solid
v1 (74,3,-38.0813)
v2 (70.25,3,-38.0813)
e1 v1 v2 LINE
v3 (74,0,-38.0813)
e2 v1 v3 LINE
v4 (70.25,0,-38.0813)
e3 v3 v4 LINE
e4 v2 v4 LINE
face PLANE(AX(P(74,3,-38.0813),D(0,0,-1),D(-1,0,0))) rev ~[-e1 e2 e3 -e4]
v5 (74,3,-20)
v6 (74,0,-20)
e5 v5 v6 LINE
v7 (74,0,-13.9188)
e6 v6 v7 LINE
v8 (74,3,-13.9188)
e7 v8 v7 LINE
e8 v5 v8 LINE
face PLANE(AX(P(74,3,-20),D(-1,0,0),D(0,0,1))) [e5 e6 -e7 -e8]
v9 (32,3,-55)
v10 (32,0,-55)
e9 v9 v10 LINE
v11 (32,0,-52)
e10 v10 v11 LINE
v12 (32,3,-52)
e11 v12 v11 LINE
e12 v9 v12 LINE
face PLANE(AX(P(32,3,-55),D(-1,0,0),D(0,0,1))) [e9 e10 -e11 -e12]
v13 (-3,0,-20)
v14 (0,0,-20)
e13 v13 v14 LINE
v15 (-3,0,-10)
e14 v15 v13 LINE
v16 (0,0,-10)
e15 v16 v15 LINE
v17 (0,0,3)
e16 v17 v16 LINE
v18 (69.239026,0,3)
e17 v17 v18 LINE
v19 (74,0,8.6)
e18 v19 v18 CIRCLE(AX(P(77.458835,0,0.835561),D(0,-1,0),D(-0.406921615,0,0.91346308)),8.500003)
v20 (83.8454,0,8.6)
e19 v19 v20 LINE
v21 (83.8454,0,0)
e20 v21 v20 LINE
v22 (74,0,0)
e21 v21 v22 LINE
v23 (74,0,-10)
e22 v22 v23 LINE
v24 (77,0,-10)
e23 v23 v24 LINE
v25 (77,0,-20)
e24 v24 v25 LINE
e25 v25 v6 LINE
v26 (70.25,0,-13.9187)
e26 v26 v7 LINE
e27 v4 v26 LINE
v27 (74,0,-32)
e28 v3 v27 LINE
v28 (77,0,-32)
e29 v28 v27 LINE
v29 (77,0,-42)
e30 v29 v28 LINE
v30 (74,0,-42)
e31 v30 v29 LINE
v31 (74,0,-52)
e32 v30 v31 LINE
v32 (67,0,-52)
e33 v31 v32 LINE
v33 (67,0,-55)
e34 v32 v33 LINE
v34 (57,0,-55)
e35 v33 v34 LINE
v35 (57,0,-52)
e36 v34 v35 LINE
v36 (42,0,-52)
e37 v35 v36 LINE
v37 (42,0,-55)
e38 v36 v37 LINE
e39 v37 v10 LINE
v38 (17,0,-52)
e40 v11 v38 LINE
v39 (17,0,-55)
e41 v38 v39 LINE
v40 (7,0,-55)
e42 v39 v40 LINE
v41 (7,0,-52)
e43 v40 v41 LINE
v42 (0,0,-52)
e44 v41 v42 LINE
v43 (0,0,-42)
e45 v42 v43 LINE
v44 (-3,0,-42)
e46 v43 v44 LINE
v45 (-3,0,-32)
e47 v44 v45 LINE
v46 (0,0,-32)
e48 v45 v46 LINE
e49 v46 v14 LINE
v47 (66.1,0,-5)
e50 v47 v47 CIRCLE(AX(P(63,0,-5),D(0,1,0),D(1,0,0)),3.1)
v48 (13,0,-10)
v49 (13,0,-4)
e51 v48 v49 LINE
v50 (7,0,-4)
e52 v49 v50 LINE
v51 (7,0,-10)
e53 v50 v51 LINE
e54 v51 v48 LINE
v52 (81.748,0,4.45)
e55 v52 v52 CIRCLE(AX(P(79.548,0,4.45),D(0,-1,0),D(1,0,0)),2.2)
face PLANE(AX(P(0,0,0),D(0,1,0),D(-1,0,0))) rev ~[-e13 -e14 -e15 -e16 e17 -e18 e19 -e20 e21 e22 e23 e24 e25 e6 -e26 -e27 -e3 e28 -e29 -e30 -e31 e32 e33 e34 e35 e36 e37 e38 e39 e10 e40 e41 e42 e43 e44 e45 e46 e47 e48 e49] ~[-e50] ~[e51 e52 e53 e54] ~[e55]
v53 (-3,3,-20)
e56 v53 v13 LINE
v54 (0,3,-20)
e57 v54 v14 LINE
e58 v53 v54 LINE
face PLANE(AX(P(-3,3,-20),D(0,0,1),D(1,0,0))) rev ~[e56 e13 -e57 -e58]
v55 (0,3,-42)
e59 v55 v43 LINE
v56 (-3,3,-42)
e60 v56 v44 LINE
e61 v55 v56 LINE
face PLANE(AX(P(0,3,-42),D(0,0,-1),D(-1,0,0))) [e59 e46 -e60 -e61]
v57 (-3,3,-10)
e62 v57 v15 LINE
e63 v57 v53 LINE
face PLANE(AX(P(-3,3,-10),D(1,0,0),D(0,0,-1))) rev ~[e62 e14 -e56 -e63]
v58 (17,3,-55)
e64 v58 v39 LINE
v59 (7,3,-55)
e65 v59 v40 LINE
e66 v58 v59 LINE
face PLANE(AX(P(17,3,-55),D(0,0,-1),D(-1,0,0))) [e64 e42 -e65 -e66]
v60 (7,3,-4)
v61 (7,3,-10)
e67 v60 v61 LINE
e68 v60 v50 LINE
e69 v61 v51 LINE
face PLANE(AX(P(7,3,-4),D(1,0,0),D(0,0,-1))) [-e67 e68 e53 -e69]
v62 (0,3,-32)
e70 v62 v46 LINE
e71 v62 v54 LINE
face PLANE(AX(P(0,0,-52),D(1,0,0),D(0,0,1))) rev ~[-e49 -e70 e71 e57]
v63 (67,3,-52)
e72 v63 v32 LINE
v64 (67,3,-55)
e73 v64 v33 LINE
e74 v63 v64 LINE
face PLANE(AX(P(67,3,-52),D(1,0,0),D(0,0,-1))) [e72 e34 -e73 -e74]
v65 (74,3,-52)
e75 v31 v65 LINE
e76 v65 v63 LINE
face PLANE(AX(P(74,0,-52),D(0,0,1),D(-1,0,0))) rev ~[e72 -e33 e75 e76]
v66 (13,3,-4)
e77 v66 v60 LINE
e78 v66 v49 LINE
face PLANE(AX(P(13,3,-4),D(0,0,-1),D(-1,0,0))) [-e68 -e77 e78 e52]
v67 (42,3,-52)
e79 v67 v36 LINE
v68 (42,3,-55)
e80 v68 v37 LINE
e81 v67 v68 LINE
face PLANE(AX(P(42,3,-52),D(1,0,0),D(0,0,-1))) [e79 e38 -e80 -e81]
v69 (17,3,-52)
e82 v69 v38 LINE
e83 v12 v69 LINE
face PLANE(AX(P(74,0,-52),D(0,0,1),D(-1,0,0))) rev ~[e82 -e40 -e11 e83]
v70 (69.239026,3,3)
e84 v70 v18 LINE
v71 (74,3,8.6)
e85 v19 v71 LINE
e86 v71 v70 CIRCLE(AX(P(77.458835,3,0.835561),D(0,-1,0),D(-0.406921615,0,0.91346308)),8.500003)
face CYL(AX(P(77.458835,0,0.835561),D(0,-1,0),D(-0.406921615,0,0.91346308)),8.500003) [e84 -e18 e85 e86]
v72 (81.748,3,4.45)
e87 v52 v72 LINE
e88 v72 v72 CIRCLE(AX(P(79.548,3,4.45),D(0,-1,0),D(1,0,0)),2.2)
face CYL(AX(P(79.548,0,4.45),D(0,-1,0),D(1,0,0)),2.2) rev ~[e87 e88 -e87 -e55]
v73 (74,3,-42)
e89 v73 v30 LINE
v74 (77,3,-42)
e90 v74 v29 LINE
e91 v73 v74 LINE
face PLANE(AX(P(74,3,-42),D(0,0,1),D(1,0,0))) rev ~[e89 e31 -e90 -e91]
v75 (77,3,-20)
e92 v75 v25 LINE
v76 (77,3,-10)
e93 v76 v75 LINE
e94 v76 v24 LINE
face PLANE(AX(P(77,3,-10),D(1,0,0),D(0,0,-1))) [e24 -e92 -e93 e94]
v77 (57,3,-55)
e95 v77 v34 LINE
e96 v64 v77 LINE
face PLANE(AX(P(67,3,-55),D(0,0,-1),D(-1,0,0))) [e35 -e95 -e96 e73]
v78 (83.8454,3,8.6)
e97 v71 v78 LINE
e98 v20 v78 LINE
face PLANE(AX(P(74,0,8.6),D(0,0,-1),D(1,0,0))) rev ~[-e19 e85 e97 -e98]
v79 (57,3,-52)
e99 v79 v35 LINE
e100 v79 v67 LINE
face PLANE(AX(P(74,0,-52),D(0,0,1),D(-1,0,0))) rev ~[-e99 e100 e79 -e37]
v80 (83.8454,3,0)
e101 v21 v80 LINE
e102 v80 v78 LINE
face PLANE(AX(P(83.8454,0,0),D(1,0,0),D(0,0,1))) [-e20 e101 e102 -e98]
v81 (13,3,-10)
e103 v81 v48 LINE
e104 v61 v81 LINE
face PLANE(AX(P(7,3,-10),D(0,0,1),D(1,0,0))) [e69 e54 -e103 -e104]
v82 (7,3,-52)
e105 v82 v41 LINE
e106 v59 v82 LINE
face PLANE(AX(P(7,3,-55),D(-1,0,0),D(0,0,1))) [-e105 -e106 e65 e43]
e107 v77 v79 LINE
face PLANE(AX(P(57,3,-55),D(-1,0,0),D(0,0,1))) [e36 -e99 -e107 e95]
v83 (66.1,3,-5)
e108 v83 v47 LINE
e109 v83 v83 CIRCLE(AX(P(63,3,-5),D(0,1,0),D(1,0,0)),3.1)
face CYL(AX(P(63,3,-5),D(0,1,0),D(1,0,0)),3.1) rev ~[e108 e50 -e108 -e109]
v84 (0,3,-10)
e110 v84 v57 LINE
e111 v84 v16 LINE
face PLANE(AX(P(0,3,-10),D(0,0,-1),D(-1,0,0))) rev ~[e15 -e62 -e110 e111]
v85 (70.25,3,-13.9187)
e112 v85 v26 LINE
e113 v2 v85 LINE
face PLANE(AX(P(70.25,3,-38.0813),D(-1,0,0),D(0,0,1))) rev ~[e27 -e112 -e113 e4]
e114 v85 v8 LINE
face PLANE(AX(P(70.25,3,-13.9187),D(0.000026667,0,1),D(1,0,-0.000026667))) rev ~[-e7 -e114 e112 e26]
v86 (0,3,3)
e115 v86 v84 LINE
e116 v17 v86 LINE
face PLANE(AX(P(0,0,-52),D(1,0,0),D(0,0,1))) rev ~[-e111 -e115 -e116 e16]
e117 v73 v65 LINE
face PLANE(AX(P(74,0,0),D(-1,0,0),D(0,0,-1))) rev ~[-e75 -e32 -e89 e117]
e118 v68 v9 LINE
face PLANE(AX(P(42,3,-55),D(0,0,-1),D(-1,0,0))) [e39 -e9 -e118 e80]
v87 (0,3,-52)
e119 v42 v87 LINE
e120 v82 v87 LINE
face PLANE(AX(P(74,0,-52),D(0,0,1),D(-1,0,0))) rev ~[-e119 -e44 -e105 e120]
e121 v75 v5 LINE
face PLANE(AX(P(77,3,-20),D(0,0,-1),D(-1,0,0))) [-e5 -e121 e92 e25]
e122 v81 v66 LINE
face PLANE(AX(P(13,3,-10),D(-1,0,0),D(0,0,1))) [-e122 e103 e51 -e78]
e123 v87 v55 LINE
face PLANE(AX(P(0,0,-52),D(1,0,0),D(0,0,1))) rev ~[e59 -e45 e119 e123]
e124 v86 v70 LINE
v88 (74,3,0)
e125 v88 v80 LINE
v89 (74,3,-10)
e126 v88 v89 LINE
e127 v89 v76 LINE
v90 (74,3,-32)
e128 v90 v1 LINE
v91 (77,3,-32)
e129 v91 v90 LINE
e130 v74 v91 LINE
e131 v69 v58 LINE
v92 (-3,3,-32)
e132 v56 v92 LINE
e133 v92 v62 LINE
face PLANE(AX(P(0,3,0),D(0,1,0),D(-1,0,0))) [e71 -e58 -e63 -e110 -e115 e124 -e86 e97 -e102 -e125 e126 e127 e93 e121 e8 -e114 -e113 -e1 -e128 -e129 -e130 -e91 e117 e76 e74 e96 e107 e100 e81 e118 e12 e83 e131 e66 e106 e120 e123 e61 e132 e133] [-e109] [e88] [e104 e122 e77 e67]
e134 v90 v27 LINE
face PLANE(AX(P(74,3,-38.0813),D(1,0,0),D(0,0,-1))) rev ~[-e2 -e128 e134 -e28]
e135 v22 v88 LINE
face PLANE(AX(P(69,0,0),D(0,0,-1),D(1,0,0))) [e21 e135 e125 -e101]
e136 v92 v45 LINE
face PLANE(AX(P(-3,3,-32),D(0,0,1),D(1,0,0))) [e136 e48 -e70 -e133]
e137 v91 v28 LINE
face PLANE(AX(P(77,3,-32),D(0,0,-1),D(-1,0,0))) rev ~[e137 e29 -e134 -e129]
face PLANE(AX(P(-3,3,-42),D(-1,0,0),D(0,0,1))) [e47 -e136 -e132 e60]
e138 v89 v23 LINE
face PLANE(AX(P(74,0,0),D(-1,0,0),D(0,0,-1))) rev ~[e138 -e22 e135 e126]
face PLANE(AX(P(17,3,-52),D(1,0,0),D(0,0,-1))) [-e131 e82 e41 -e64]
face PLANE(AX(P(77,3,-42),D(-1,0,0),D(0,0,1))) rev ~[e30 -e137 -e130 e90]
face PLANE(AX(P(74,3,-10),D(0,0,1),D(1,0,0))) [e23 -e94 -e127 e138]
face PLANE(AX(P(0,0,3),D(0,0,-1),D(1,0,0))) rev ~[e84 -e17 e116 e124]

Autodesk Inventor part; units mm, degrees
ref_plane "YZ Plane" through (0, 0, 0) normal (1, 0, 0) x (0, 1, 0)
ref_plane "XZ Plane" through (0, 0, 0) normal (0, 1, 0) x (-1, 0, 0)
ref_plane "XY Plane" through (0, 0, 0) normal (0, 0, 1) x (1, 0, 0)
sketch "Esboço1" plane through (0, 0, 0) normal (0, 1, 0) x (-1, 0, 0)
  line L0 (0, 0) -> (-74, 0)
  line L1 (-74, 0) -> (-74, -52)
  line L2 (-74, -52) -> (0, -52)
  line L3 (0, -52) -> (0, 0)
  line L4 (-6.0465, -39.0348) -> (-22.7965, -39.0348)
  line L5 (-22.7965, -39.0348) -> (-22.7965, -36.6698)
  line L6 (-22.7965, -36.6698) -> (-6.0465, -36.6698)
  line L7 (-6.0465, -36.6698) -> (-6.0465, -39.0348)
  dimension "d0" = 74
  dimension "d1" = 52
  dimension "d22" = 16.75
  dimension "d23" = 2.365
extrude "Extrusão1" add sketch "Esboço1" along normal blind 3 contours L3 L2 L1 L0 | L4 L5 L6 L7
sketch "Esboço2" plane through (0, 3, 0) normal (0, 1, 0) x (1, 0, 0)
  line L0 (0, 52) -> (0, 0) projected
  line L1 (74, 52) -> (0, 52) projected
  line L2 (7, 52) -> (17, 52)
  line L3 (17, 52) -> (17, 55)
  line L4 (17, 55) -> (7, 55)
  line L5 (7, 55) -> (7, 52)
  line L6 (32, 52) -> (42, 52)
  line L7 (42, 52) -> (42, 55)
  line L8 (42, 55) -> (32, 55)
  line L9 (32, 55) -> (32, 52)
  line L10 (57, 52) -> (67, 52)
  line L11 (67, 52) -> (67, 55)
  line L12 (67, 55) -> (57, 55)
  line L13 (57, 55) -> (57, 52)
  line L14 (74, 0) -> (74, 52) projected
  point P0 (17, 52)
  point P1 (67, 52)
  point P2 (42, 52)
  point P3 (7, 53.5)
  point P4 (67, 53.5)
  point P5 (57, 53.5)
  point P6 (42, 53.5)
  point P7 (17, 53.5)
  point P8 (32, 53.5)
  point P9 (0, 26)
  dimension "d13" = 3
  dimension "d38" = 7
  dimension "d39" = 7
  dimension "d40" = 15
  dimension "d42" = 10
  dimension "d44" = 10
  dimension "d45" = 10
extrude "Extrusão2" add sketch "Esboço2" against normal blind 3
sketch "Esboço5" plane through (0, 3, 0) normal (0, 1, 0) x (1, 0, 0)
  circle A0 centre (63, 5) radius 3.1
  line L0 (0, 52) -> (0, 0) projected
  line L1 (7, 52) -> (0, 52) projected
  line L2 (74, 0) -> (74, 52) projected
  line L3 (0, 0) -> (74, 0) projected
  point P0 (3.5, 52)
  dimension "d46" = 6.2
  dimension "d113" = 11
  dimension "d114" = 52
  dimension "d116" = 5
extrude "Extrusão4" cut sketch "Esboço5" against normal blind 10
sketch "Esboço6" plane through (0, 3, 0) normal (0, 1, 0) x (1, 0, 0)
  line L0 (70.25, 13.9187) -> (74, 13.9188)
  line L1 (74, 13.9188) -> (74, 38.0813)
  line L2 (74, 38.0813) -> (70.25, 38.0813)
  line L3 (70.25, 38.0813) -> (70.25, 13.9187)
  line L4 (74, 0) -> (74, 52) projected
  line L5 (74, 52) -> (67, 52) projected
  line L6 (0, 0) -> (74, 0) projected
  point P0 (72.125, 38.0813)
  dimension "d49" = 3.75
  dimension "d50" = 24.1625
  dimension "d51" = 0
  dimension "d55" = 13.9187
  dimension "d100" = 13.9187
extrude "Extrusão5" cut sketch "Esboço6" against normal blind 10
sketch "Esboço7" plane through (0, 3, 0) normal (0, 1, 0) x (1, 0, 0)
  line L0 (0, 10) -> (-3, 10)
  line L1 (-3, 10) -> (-3, 20)
  line L2 (-3, 20) -> (0, 20)
  line L3 (0, 20) -> (0, 10)
  line L4 (0, 42) -> (-3, 42)
  line L5 (-3, 42) -> (-3, 32)
  line L6 (-3, 32) -> (0, 32)
  line L7 (0, 32) -> (0, 42)
  line L8 (7, 52) -> (0, 52) projected
  line L9 (0, 0) -> (74, 0) projected
  line L10 (74, 10) -> (77, 10)
  line L11 (77, 10) -> (77, 20)
  line L12 (77, 20) -> (74, 20)
  line L13 (74, 20) -> (74, 10)
  line L14 (74, 52) -> (67, 52) projected
  line L15 (74, 38.0813) -> (74, 52) projected
  line L16 (74, 42) -> (77, 42)
  line L17 (77, 42) -> (77, 32)
  line L18 (77, 32) -> (74, 32)
  line L19 (74, 32) -> (74, 42)
  line L20 (0, 0) -> (74, 0) projected
  point P0 (-1.5, 42)
  point P1 (7, 0)
  point P2 (-1.5, 10)
  point P3 (75.5, 42)
  point P4 (67, 0)
  point P5 (37, 0)
  point P6 (75.5, 10)
  dimension "d66" = 3
  dimension "d67" = 10
  dimension "d68" = 3
  dimension "d69" = 10
  dimension "d70" = 10
  dimension "d71" = 10
  dimension "d74" = 3
  dimension "d76" = 3
  dimension "d77" = 10
  dimension "d78" = 10
  dimension "d81" = 10
extrude "Extrusão6" add sketch "Esboço7" against normal blind 3
sketch "Esboço8" plane through (0, 0, 0) normal (0, -1, 0) x (1, 0, 0)
  line L0 (0, 0) -> (74, 0) projected
  line L1 (69, 0) -> (83.8454, 0)
  line L2 (83.8454, 0) -> (83.8454, 8.6)
  line L3 (74, 0) -> (74, -10) projected
  circle A0 centre (79.548, 4.45) radius 2.2
  line L4 (74, 0) -> (74, 8.6)
  arc A1 (74, 8.6) -> (69, 0) centre (77.4588, 0.8356) ccw
  line L5 (74, 8.6) -> (83.8454, 8.6)
  point P0 (83.8454, 4.3)
  point P1 (74, 4.3)
  dimension "d84" = 8.6
  dimension "d86" = 4.4
  dimension "d94" = 8.5
  dimension "d99" = 5
  dimension "d101" = 4.15
  dimension "d104" = 5.55
  dimension "d106" = 4.3
extrude "Extrusão7" add sketch "Esboço8" against normal blind 3
sketch "Esboço10" plane through (0, 0, 0) normal (0, -1, 0) x (1, 0, 0)
  line L0 (83.8454, 0) -> (74, 0) projected
  line L1 (74, 0) -> (0, 0)
  line L2 (0, 0) -> (0, 3)
  line L3 (0, 3) -> (74, 3)
  line L4 (74, 3) -> (74, 0)
  dimension "d95" = 3
extrude "Extrusão9" add sketch "Esboço10" against normal blind 3
sketch "Esboço11" plane through (0, 3, 0) normal (0, 1, 0) x (1, 0, 0)
  line L0 (13, 4) -> (7, 4)
  line L1 (7, 4) -> (7, 10)
  line L2 (7, 10) -> (13, 10)
  line L3 (13, 10) -> (13, 4)
  line L4 (0, 10) -> (0, -3) projected
  line L5 (0, -3) -> (69.239, -3) projected
  line L6 (-3, 10) -> (0, 10) projected
  point P0 (0, 0)
  dimension "d107" = 6
  dimension "d108" = 6
  dimension "d109" = 7
  dimension "d115" = 0
extrude "Extrusão10" cut sketch "Esboço11" against normal blind 10
equation "\"d40\" = d12"
equation "\"d12\" = 15"
properties part number "Parede_lateral_2"
